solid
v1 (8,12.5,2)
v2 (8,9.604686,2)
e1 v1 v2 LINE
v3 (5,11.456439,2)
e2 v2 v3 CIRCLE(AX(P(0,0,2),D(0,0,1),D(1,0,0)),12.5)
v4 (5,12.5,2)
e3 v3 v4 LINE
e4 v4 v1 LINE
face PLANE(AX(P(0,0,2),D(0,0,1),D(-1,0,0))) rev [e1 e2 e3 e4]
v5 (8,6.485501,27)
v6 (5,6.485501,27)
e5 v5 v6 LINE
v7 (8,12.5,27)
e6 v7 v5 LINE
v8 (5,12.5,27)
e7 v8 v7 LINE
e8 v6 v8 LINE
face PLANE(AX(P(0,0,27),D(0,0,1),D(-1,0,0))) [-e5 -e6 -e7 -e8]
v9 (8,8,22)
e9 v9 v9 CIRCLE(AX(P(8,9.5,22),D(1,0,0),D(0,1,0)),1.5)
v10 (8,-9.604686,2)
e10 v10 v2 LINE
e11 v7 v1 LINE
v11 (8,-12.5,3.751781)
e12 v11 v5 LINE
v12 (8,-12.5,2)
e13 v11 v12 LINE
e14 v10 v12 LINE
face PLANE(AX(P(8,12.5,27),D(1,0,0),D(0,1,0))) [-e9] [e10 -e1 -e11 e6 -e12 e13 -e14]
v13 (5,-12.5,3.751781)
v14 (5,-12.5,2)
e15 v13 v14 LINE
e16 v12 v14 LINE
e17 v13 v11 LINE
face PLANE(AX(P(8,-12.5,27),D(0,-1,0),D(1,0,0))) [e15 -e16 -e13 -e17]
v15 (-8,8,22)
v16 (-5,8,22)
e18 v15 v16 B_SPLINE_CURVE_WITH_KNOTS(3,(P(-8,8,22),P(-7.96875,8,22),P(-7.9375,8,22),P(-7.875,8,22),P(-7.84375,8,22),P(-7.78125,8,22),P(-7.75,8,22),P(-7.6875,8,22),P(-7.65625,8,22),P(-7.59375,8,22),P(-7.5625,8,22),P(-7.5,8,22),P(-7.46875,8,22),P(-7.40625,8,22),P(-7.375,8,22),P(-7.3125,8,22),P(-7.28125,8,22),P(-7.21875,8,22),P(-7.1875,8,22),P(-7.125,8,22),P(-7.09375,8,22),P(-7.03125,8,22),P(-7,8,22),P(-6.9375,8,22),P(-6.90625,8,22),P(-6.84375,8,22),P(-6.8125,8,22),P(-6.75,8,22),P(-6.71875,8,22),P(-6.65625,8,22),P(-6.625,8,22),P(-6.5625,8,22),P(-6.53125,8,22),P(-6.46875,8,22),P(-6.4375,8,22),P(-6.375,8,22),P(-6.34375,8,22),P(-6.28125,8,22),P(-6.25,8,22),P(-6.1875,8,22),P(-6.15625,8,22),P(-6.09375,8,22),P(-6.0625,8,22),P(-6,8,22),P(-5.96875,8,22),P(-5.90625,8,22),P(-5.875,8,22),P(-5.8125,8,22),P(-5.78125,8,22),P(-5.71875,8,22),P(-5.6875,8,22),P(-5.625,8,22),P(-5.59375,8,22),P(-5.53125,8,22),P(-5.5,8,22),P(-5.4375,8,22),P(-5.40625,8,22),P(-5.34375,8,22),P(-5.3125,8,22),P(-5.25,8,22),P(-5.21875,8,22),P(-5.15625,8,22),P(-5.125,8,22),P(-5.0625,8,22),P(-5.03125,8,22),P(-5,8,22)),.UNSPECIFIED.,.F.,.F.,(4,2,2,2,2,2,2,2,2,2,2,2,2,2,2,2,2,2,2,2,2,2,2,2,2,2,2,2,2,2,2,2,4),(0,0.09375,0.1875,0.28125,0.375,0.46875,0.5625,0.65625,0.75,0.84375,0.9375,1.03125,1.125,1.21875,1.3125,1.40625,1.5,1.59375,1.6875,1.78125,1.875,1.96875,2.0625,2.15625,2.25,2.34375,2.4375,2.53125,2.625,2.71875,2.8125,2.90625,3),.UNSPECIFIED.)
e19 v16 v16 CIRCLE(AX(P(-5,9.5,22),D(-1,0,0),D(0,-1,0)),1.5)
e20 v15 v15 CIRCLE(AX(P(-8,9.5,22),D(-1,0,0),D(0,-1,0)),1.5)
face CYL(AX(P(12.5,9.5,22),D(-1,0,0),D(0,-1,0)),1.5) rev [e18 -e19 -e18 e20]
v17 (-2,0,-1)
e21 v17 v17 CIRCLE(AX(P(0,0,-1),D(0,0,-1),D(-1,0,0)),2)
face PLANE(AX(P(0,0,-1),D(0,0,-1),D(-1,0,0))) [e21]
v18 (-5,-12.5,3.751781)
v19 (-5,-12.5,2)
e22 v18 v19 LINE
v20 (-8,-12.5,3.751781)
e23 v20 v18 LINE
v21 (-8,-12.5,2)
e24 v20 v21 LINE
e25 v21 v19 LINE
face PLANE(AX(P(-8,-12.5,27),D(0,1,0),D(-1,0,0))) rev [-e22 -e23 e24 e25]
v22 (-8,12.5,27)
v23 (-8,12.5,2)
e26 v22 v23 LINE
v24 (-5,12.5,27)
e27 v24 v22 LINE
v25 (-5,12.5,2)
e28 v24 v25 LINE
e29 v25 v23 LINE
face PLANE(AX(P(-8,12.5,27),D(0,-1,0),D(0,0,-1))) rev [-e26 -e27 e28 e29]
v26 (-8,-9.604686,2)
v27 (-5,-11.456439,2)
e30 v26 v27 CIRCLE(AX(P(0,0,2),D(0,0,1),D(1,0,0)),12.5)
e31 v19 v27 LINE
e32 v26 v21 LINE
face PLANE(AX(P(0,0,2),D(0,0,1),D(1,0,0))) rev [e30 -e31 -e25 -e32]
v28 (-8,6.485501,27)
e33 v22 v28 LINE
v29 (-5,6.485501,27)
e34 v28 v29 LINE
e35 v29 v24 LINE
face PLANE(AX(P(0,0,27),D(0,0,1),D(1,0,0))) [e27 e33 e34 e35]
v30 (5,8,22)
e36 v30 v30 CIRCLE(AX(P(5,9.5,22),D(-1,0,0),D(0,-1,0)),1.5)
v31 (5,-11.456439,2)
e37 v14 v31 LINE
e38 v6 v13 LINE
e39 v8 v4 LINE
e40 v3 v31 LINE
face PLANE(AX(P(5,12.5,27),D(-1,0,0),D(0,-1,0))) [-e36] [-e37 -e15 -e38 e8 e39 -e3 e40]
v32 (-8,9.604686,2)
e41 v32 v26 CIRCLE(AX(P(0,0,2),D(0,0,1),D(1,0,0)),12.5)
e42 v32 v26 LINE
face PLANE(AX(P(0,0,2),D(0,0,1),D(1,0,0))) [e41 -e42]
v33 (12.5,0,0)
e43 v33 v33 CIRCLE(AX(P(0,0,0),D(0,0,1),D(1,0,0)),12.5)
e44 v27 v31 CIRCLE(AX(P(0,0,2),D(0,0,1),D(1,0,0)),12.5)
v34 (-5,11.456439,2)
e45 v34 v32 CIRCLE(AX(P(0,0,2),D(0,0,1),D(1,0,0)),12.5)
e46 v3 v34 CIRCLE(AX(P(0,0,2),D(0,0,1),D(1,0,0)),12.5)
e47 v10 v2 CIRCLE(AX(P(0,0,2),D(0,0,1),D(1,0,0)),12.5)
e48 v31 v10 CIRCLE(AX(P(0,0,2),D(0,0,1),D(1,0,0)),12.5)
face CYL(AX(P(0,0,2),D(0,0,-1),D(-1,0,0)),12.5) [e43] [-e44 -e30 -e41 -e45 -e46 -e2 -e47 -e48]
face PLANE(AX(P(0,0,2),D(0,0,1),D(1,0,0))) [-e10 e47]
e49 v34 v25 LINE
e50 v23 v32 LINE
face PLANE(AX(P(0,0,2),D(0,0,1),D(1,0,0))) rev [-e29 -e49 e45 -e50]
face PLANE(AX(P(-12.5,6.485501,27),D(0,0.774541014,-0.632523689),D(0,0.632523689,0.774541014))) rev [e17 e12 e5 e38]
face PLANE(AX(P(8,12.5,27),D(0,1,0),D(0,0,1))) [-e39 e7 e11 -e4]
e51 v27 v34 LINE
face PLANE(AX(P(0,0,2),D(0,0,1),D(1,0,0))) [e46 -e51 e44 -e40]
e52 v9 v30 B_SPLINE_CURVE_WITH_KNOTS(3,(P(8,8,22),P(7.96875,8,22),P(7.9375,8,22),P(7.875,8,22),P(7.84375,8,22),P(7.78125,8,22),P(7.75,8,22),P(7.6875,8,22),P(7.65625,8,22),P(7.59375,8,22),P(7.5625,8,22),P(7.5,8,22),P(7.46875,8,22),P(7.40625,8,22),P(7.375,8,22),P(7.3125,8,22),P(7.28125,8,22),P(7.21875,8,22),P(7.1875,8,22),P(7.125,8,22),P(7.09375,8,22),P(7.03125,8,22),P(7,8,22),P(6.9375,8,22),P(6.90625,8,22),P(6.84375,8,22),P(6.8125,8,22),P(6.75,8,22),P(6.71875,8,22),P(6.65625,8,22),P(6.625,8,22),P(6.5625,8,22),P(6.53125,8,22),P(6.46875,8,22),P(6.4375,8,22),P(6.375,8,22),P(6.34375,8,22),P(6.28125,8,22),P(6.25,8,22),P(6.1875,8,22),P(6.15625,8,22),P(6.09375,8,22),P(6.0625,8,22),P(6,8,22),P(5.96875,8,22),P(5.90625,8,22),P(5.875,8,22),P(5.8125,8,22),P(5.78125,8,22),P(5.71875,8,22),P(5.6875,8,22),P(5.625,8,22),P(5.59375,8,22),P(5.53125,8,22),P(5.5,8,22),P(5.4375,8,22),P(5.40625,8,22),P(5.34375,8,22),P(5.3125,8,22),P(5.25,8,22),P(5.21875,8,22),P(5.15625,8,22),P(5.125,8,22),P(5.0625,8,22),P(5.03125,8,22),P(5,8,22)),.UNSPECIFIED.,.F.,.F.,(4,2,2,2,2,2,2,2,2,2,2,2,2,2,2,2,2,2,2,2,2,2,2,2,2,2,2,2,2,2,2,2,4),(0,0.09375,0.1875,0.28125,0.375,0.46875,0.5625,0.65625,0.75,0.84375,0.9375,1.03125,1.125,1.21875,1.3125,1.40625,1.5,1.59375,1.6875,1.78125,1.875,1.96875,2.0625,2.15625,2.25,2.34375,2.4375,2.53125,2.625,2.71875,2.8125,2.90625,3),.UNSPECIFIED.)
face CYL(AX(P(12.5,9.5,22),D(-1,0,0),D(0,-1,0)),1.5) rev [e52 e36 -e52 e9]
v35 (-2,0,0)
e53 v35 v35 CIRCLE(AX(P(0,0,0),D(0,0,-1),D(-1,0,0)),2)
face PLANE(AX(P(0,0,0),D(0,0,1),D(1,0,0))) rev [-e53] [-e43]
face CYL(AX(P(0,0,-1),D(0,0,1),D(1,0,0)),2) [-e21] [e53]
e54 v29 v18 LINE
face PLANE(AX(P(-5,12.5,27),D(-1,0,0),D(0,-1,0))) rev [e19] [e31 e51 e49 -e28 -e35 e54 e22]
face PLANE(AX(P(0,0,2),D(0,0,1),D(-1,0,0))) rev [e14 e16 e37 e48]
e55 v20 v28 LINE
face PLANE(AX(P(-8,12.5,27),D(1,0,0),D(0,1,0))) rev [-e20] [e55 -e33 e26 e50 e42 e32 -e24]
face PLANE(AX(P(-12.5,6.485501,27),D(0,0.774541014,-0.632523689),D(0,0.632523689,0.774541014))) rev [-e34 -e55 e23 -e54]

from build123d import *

# Parameters (mm, degrees)
SKETCH1_R           = 12.5
BOSS_EXTRUDE1_DEPTH = 2
SKETCH2_R           = 2
BOSS_EXTRUDE2_DEPTH = 1
SKETCH3_W           = 3
SKETCH3_H           = 25
BOSS_EXTRUDE3_DEPTH = 25
SKETCH5_R           = 1.5
CUT_EXTRUDE1_DEPTH  = 37.13170353
CUT_EXTRUDE2_DEPTH  = 37.13170353


with BuildPart() as part:
    # Sketch1 → Boss-Extrude1 (new body)
    with BuildSketch(Plane.XY):
        Circle(SKETCH1_R)
    extrude(amount=BOSS_EXTRUDE1_DEPTH)

    # Sketch2 → Boss-Extrude2 (add)
    with BuildSketch(Plane(origin=(0, 0, 0), x_dir=(-1, 0, 0), z_dir=(0, 0, -1))):
        Circle(SKETCH2_R)
    extrude(amount=BOSS_EXTRUDE2_DEPTH)

    # Sketch3 → Boss-Extrude3 (add)
    with BuildSketch(Plane.XY.offset(2)):
        with Locations((-6.5, 0)):
            Rectangle(SKETCH3_W, SKETCH3_H)
    boss_extrude3 = extrude(amount=BOSS_EXTRUDE3_DEPTH)

    # Mirror1: Boss-Extrude3 across plane
    add(boss_extrude3.mirror(Plane(origin=(0, 0, 0), x_dir=(0, 0, 1), z_dir=(1, 0, 0))))

    # Sketch5 → Cut-Extrude1 (cut, through all)
    with BuildSketch(Plane.ZY.offset(8)):
        with Locations(Location((22, 9.5, 0), (0, 0, 270))):
            Circle(SKETCH5_R)
    extrude(amount=-CUT_EXTRUDE1_DEPTH, mode=Mode.SUBTRACT)

    # Sketch6 → Cut-Extrude2 (cut, through all)
    with BuildSketch(Plane(origin=(8, 0, 0), x_dir=(0, 0, -1), z_dir=(1, 0, 0))):
        Polygon((-27, 6.485501453), (-3.7517805, -12.5), (-27, -12.5), align=None)
    extrude(amount=-CUT_EXTRUDE2_DEPTH, mode=Mode.SUBTRACT)


solid = part.part
